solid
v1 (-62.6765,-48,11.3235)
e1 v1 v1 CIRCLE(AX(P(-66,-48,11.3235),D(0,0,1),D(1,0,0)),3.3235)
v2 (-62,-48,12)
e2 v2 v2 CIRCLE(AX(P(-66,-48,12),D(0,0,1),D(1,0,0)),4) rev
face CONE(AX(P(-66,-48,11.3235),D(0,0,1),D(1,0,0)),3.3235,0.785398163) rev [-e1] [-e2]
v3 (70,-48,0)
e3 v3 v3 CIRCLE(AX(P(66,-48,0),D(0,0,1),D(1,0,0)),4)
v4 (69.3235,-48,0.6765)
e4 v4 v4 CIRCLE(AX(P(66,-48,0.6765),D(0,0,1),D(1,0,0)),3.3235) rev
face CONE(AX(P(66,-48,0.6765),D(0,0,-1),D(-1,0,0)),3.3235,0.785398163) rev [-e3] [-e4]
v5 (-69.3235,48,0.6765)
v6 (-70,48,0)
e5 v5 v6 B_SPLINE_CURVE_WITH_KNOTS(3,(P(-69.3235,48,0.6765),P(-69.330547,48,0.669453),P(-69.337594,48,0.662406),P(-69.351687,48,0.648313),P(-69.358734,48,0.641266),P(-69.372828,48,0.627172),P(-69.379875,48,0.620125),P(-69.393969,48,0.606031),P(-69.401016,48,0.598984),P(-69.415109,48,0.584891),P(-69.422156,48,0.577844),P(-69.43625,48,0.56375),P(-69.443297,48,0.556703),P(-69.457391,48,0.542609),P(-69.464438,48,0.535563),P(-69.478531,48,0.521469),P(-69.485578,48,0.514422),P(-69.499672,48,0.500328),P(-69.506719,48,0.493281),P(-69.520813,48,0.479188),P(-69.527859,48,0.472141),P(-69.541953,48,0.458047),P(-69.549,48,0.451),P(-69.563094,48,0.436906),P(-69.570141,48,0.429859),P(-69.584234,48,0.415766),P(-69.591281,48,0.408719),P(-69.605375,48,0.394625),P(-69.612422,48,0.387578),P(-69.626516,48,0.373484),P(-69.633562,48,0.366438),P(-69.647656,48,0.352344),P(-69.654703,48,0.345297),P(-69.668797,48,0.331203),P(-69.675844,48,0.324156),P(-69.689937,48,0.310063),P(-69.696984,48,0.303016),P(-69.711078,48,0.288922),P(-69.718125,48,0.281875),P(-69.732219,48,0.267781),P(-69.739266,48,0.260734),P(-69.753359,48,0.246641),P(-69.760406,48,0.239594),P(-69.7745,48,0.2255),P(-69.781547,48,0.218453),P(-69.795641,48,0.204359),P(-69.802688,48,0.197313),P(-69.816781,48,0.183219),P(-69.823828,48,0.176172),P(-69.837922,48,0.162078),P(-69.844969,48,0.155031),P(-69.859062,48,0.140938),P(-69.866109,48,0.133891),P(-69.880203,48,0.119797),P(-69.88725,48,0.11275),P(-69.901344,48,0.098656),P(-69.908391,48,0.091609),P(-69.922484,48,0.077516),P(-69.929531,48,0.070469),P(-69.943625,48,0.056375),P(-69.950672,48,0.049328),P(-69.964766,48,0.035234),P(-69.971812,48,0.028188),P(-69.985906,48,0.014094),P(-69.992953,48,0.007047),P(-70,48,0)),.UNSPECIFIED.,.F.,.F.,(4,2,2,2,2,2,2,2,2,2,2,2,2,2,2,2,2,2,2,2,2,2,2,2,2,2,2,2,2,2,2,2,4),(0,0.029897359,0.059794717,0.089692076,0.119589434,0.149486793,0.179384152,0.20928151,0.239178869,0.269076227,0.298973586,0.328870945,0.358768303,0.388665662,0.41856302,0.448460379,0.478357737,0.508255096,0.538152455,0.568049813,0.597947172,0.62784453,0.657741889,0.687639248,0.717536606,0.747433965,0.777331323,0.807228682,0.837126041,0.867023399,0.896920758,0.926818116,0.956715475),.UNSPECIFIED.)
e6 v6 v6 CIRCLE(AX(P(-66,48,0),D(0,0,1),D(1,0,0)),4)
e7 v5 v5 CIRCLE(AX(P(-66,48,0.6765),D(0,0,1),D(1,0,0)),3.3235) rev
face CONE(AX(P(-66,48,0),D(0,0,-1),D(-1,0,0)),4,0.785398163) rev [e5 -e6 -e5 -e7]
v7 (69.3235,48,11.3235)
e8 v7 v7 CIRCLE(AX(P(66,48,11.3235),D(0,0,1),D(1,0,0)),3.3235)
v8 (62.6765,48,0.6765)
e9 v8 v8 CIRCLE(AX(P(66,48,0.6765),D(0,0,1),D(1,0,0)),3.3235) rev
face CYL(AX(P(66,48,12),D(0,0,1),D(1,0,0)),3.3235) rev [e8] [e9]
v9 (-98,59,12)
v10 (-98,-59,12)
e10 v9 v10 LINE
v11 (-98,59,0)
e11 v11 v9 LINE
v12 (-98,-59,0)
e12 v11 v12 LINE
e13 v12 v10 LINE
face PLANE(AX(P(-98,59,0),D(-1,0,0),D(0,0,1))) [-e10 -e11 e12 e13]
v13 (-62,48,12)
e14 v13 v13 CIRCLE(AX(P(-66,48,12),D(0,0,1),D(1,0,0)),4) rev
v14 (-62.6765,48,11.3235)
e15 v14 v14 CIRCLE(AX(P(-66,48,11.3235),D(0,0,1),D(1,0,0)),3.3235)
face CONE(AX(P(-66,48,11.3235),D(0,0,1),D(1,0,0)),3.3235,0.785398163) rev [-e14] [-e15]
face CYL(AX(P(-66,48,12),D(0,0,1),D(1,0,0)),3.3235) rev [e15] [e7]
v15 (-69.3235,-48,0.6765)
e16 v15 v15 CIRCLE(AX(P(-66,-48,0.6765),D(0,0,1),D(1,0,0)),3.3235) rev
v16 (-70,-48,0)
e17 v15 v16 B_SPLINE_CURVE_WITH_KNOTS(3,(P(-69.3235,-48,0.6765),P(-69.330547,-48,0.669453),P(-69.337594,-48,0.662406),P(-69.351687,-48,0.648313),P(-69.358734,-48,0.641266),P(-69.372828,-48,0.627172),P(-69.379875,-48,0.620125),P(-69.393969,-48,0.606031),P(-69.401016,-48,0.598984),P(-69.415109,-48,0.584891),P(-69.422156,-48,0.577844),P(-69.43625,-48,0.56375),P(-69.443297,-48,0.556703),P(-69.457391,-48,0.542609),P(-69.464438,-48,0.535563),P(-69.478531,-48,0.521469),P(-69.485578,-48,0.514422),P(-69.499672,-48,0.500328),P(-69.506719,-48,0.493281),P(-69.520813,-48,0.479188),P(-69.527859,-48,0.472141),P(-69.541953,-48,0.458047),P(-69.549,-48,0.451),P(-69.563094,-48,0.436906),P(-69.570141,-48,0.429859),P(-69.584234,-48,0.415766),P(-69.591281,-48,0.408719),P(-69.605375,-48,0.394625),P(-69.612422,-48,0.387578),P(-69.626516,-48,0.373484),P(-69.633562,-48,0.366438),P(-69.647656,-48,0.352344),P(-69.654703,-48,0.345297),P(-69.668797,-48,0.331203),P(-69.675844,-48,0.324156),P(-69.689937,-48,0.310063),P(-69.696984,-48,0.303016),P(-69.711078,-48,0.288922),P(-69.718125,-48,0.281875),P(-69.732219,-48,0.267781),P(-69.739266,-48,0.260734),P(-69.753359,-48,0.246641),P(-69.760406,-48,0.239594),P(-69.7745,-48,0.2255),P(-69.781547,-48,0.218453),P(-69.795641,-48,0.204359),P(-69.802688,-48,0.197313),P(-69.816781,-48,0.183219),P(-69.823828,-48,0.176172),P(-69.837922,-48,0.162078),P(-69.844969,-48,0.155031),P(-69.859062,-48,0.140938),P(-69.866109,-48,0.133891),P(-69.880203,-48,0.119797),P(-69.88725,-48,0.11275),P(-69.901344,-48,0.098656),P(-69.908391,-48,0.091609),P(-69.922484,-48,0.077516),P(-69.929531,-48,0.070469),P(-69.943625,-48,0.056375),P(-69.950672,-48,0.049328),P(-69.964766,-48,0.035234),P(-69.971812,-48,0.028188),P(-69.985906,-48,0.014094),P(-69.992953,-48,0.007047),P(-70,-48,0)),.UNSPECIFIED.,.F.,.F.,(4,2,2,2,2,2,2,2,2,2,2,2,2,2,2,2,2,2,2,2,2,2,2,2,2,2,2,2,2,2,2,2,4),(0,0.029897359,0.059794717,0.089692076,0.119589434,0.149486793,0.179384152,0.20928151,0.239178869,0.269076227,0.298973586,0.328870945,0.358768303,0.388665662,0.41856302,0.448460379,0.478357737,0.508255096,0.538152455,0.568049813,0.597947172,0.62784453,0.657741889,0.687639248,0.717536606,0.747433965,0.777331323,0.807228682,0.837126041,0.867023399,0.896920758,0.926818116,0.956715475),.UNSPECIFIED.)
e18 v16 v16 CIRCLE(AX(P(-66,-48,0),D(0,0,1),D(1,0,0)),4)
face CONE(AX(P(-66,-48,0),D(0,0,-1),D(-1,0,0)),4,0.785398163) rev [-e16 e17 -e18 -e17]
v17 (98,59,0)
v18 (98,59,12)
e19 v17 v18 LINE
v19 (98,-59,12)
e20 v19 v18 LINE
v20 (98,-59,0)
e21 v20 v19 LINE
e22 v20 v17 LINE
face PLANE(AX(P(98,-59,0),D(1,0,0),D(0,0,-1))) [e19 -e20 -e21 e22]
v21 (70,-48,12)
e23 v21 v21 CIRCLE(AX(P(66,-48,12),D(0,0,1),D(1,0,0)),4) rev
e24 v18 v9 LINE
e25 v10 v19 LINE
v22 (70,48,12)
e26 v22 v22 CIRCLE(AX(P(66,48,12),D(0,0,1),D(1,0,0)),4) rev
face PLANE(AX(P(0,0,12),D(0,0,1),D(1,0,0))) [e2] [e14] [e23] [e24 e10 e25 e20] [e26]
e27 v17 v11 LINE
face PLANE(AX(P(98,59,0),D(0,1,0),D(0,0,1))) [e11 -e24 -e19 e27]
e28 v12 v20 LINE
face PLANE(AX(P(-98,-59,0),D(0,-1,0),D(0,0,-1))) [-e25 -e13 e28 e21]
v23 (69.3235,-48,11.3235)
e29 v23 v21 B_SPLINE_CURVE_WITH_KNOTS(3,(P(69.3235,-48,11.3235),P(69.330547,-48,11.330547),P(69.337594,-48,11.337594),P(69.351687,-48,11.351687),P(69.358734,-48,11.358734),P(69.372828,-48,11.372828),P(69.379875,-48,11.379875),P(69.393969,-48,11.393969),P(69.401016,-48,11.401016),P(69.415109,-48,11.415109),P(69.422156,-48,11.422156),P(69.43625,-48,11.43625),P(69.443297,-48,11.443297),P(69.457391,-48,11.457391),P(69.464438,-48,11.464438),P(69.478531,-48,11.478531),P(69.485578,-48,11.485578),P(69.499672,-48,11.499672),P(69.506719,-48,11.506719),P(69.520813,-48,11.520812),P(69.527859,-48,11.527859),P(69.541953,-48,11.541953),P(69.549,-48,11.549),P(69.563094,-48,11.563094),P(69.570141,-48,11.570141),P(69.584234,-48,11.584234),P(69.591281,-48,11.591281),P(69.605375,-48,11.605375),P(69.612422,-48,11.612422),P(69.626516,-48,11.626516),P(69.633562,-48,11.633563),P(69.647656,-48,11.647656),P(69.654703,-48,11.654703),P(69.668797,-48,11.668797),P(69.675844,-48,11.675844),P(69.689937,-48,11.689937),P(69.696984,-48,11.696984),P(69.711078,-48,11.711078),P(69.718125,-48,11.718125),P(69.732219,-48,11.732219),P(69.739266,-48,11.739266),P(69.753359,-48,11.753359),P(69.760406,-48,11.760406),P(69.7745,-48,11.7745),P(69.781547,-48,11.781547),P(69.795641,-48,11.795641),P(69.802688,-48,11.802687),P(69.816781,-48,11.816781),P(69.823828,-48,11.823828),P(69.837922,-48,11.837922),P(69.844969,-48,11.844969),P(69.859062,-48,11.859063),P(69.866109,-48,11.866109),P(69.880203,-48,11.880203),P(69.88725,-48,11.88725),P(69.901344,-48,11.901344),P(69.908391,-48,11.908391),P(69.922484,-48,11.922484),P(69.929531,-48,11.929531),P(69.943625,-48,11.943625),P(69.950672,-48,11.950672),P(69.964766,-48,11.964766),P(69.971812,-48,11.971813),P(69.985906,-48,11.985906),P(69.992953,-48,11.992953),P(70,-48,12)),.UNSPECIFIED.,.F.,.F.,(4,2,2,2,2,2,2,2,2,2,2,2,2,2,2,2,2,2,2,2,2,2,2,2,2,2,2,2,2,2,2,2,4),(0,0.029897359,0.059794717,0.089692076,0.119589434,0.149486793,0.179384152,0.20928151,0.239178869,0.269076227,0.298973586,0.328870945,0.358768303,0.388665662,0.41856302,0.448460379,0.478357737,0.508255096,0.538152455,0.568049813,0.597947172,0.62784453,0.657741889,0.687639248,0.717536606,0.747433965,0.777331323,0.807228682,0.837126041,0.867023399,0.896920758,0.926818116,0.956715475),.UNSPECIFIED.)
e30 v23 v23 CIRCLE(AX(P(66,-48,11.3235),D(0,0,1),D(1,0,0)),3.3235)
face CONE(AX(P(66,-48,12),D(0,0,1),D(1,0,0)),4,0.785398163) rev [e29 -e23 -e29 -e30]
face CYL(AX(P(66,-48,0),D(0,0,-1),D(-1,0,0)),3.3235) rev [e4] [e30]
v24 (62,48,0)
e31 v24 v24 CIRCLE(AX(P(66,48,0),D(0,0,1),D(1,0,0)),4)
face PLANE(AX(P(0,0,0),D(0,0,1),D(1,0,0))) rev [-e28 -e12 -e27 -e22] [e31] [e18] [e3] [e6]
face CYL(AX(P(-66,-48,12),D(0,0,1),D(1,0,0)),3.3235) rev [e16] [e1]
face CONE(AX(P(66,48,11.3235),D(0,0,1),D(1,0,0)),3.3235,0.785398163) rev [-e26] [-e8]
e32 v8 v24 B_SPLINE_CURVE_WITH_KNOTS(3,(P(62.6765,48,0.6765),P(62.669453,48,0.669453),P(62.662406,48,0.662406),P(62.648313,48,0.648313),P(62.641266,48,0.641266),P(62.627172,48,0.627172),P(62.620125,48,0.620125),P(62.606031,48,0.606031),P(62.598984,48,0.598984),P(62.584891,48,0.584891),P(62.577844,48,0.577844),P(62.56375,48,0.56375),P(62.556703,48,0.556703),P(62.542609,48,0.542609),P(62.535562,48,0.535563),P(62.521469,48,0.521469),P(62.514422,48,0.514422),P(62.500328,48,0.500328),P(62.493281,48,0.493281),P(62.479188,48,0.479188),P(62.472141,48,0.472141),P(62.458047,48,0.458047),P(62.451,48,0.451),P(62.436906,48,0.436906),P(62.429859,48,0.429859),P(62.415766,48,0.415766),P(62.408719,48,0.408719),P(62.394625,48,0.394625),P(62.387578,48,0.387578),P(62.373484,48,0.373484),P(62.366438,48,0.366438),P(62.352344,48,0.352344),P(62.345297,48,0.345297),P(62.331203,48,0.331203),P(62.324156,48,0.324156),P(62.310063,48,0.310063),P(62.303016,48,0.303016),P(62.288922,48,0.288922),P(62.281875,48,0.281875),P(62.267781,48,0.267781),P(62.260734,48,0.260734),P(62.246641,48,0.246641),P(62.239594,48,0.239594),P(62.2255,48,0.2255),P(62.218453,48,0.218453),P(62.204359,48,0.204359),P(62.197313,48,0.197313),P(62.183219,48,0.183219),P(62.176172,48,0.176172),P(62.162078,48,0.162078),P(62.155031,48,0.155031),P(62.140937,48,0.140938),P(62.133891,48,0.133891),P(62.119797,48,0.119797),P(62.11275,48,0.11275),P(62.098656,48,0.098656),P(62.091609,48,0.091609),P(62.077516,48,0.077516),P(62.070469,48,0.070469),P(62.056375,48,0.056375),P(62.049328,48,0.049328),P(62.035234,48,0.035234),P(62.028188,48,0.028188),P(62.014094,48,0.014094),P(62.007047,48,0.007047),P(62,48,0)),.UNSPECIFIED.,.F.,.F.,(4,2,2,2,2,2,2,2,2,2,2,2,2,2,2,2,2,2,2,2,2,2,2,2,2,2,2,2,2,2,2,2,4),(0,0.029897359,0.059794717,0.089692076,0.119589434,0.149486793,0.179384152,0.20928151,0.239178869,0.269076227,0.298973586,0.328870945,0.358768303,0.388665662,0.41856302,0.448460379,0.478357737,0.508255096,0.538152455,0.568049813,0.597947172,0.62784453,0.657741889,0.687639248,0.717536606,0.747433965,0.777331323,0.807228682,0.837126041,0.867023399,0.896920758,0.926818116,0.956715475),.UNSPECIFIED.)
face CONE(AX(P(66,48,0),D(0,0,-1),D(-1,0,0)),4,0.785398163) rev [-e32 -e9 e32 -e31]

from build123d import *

# Parameters (mm, degrees)
SKETCH_1_W        = 196
SKETCH_1_H        = 118
EXTRUDE_1_DEPTH   = 12
HOLE_WIZARD_M61_D = 6.647
HOLE_WIZARD_M62_D = 6.647
CHAMFER_1_SIZE    = 0.6765


with BuildPart() as part:
    # Эскиз1 → Бобышка-Вытянуть1 (new body)
    with BuildSketch(Plane.XY.offset(12)):
        Rectangle(SKETCH_1_W, SKETCH_1_H)
    extrude(amount=-EXTRUDE_1_DEPTH)

    # Отверстие с зазором M61 (through all)
    with Locations(Plane(origin=(0, 0, 0), x_dir=(-1, 0, 0), z_dir=(0, 0, -1))):
        with Locations((-66, -48)):
            Hole(HOLE_WIZARD_M61_D / 2)

    # Отверстие с зазором M62 (through all)
    with Locations(Plane.XY.offset(12)):
        with Locations((-66, 48), (-66, -48), (66, 48)):
            Hole(HOLE_WIZARD_M62_D / 2)

    # Фаска1
    chamfer_1_edges = [part.edges().sort_by_distance(p)[0] for p in [
        (62.6765, -48, 0),
        (62.6765, -48, 12),
        (69.3235, 48, 12),
        (69.3235, 48, 0),
        (-62.6765, -48, 12),
        (-62.6765, -48, 0),
        (-62.6765, 48, 12),
        (-62.6765, 48, 0),
    ]]
    chamfer(chamfer_1_edges, length=CHAMFER_1_SIZE)


solid = part.part
